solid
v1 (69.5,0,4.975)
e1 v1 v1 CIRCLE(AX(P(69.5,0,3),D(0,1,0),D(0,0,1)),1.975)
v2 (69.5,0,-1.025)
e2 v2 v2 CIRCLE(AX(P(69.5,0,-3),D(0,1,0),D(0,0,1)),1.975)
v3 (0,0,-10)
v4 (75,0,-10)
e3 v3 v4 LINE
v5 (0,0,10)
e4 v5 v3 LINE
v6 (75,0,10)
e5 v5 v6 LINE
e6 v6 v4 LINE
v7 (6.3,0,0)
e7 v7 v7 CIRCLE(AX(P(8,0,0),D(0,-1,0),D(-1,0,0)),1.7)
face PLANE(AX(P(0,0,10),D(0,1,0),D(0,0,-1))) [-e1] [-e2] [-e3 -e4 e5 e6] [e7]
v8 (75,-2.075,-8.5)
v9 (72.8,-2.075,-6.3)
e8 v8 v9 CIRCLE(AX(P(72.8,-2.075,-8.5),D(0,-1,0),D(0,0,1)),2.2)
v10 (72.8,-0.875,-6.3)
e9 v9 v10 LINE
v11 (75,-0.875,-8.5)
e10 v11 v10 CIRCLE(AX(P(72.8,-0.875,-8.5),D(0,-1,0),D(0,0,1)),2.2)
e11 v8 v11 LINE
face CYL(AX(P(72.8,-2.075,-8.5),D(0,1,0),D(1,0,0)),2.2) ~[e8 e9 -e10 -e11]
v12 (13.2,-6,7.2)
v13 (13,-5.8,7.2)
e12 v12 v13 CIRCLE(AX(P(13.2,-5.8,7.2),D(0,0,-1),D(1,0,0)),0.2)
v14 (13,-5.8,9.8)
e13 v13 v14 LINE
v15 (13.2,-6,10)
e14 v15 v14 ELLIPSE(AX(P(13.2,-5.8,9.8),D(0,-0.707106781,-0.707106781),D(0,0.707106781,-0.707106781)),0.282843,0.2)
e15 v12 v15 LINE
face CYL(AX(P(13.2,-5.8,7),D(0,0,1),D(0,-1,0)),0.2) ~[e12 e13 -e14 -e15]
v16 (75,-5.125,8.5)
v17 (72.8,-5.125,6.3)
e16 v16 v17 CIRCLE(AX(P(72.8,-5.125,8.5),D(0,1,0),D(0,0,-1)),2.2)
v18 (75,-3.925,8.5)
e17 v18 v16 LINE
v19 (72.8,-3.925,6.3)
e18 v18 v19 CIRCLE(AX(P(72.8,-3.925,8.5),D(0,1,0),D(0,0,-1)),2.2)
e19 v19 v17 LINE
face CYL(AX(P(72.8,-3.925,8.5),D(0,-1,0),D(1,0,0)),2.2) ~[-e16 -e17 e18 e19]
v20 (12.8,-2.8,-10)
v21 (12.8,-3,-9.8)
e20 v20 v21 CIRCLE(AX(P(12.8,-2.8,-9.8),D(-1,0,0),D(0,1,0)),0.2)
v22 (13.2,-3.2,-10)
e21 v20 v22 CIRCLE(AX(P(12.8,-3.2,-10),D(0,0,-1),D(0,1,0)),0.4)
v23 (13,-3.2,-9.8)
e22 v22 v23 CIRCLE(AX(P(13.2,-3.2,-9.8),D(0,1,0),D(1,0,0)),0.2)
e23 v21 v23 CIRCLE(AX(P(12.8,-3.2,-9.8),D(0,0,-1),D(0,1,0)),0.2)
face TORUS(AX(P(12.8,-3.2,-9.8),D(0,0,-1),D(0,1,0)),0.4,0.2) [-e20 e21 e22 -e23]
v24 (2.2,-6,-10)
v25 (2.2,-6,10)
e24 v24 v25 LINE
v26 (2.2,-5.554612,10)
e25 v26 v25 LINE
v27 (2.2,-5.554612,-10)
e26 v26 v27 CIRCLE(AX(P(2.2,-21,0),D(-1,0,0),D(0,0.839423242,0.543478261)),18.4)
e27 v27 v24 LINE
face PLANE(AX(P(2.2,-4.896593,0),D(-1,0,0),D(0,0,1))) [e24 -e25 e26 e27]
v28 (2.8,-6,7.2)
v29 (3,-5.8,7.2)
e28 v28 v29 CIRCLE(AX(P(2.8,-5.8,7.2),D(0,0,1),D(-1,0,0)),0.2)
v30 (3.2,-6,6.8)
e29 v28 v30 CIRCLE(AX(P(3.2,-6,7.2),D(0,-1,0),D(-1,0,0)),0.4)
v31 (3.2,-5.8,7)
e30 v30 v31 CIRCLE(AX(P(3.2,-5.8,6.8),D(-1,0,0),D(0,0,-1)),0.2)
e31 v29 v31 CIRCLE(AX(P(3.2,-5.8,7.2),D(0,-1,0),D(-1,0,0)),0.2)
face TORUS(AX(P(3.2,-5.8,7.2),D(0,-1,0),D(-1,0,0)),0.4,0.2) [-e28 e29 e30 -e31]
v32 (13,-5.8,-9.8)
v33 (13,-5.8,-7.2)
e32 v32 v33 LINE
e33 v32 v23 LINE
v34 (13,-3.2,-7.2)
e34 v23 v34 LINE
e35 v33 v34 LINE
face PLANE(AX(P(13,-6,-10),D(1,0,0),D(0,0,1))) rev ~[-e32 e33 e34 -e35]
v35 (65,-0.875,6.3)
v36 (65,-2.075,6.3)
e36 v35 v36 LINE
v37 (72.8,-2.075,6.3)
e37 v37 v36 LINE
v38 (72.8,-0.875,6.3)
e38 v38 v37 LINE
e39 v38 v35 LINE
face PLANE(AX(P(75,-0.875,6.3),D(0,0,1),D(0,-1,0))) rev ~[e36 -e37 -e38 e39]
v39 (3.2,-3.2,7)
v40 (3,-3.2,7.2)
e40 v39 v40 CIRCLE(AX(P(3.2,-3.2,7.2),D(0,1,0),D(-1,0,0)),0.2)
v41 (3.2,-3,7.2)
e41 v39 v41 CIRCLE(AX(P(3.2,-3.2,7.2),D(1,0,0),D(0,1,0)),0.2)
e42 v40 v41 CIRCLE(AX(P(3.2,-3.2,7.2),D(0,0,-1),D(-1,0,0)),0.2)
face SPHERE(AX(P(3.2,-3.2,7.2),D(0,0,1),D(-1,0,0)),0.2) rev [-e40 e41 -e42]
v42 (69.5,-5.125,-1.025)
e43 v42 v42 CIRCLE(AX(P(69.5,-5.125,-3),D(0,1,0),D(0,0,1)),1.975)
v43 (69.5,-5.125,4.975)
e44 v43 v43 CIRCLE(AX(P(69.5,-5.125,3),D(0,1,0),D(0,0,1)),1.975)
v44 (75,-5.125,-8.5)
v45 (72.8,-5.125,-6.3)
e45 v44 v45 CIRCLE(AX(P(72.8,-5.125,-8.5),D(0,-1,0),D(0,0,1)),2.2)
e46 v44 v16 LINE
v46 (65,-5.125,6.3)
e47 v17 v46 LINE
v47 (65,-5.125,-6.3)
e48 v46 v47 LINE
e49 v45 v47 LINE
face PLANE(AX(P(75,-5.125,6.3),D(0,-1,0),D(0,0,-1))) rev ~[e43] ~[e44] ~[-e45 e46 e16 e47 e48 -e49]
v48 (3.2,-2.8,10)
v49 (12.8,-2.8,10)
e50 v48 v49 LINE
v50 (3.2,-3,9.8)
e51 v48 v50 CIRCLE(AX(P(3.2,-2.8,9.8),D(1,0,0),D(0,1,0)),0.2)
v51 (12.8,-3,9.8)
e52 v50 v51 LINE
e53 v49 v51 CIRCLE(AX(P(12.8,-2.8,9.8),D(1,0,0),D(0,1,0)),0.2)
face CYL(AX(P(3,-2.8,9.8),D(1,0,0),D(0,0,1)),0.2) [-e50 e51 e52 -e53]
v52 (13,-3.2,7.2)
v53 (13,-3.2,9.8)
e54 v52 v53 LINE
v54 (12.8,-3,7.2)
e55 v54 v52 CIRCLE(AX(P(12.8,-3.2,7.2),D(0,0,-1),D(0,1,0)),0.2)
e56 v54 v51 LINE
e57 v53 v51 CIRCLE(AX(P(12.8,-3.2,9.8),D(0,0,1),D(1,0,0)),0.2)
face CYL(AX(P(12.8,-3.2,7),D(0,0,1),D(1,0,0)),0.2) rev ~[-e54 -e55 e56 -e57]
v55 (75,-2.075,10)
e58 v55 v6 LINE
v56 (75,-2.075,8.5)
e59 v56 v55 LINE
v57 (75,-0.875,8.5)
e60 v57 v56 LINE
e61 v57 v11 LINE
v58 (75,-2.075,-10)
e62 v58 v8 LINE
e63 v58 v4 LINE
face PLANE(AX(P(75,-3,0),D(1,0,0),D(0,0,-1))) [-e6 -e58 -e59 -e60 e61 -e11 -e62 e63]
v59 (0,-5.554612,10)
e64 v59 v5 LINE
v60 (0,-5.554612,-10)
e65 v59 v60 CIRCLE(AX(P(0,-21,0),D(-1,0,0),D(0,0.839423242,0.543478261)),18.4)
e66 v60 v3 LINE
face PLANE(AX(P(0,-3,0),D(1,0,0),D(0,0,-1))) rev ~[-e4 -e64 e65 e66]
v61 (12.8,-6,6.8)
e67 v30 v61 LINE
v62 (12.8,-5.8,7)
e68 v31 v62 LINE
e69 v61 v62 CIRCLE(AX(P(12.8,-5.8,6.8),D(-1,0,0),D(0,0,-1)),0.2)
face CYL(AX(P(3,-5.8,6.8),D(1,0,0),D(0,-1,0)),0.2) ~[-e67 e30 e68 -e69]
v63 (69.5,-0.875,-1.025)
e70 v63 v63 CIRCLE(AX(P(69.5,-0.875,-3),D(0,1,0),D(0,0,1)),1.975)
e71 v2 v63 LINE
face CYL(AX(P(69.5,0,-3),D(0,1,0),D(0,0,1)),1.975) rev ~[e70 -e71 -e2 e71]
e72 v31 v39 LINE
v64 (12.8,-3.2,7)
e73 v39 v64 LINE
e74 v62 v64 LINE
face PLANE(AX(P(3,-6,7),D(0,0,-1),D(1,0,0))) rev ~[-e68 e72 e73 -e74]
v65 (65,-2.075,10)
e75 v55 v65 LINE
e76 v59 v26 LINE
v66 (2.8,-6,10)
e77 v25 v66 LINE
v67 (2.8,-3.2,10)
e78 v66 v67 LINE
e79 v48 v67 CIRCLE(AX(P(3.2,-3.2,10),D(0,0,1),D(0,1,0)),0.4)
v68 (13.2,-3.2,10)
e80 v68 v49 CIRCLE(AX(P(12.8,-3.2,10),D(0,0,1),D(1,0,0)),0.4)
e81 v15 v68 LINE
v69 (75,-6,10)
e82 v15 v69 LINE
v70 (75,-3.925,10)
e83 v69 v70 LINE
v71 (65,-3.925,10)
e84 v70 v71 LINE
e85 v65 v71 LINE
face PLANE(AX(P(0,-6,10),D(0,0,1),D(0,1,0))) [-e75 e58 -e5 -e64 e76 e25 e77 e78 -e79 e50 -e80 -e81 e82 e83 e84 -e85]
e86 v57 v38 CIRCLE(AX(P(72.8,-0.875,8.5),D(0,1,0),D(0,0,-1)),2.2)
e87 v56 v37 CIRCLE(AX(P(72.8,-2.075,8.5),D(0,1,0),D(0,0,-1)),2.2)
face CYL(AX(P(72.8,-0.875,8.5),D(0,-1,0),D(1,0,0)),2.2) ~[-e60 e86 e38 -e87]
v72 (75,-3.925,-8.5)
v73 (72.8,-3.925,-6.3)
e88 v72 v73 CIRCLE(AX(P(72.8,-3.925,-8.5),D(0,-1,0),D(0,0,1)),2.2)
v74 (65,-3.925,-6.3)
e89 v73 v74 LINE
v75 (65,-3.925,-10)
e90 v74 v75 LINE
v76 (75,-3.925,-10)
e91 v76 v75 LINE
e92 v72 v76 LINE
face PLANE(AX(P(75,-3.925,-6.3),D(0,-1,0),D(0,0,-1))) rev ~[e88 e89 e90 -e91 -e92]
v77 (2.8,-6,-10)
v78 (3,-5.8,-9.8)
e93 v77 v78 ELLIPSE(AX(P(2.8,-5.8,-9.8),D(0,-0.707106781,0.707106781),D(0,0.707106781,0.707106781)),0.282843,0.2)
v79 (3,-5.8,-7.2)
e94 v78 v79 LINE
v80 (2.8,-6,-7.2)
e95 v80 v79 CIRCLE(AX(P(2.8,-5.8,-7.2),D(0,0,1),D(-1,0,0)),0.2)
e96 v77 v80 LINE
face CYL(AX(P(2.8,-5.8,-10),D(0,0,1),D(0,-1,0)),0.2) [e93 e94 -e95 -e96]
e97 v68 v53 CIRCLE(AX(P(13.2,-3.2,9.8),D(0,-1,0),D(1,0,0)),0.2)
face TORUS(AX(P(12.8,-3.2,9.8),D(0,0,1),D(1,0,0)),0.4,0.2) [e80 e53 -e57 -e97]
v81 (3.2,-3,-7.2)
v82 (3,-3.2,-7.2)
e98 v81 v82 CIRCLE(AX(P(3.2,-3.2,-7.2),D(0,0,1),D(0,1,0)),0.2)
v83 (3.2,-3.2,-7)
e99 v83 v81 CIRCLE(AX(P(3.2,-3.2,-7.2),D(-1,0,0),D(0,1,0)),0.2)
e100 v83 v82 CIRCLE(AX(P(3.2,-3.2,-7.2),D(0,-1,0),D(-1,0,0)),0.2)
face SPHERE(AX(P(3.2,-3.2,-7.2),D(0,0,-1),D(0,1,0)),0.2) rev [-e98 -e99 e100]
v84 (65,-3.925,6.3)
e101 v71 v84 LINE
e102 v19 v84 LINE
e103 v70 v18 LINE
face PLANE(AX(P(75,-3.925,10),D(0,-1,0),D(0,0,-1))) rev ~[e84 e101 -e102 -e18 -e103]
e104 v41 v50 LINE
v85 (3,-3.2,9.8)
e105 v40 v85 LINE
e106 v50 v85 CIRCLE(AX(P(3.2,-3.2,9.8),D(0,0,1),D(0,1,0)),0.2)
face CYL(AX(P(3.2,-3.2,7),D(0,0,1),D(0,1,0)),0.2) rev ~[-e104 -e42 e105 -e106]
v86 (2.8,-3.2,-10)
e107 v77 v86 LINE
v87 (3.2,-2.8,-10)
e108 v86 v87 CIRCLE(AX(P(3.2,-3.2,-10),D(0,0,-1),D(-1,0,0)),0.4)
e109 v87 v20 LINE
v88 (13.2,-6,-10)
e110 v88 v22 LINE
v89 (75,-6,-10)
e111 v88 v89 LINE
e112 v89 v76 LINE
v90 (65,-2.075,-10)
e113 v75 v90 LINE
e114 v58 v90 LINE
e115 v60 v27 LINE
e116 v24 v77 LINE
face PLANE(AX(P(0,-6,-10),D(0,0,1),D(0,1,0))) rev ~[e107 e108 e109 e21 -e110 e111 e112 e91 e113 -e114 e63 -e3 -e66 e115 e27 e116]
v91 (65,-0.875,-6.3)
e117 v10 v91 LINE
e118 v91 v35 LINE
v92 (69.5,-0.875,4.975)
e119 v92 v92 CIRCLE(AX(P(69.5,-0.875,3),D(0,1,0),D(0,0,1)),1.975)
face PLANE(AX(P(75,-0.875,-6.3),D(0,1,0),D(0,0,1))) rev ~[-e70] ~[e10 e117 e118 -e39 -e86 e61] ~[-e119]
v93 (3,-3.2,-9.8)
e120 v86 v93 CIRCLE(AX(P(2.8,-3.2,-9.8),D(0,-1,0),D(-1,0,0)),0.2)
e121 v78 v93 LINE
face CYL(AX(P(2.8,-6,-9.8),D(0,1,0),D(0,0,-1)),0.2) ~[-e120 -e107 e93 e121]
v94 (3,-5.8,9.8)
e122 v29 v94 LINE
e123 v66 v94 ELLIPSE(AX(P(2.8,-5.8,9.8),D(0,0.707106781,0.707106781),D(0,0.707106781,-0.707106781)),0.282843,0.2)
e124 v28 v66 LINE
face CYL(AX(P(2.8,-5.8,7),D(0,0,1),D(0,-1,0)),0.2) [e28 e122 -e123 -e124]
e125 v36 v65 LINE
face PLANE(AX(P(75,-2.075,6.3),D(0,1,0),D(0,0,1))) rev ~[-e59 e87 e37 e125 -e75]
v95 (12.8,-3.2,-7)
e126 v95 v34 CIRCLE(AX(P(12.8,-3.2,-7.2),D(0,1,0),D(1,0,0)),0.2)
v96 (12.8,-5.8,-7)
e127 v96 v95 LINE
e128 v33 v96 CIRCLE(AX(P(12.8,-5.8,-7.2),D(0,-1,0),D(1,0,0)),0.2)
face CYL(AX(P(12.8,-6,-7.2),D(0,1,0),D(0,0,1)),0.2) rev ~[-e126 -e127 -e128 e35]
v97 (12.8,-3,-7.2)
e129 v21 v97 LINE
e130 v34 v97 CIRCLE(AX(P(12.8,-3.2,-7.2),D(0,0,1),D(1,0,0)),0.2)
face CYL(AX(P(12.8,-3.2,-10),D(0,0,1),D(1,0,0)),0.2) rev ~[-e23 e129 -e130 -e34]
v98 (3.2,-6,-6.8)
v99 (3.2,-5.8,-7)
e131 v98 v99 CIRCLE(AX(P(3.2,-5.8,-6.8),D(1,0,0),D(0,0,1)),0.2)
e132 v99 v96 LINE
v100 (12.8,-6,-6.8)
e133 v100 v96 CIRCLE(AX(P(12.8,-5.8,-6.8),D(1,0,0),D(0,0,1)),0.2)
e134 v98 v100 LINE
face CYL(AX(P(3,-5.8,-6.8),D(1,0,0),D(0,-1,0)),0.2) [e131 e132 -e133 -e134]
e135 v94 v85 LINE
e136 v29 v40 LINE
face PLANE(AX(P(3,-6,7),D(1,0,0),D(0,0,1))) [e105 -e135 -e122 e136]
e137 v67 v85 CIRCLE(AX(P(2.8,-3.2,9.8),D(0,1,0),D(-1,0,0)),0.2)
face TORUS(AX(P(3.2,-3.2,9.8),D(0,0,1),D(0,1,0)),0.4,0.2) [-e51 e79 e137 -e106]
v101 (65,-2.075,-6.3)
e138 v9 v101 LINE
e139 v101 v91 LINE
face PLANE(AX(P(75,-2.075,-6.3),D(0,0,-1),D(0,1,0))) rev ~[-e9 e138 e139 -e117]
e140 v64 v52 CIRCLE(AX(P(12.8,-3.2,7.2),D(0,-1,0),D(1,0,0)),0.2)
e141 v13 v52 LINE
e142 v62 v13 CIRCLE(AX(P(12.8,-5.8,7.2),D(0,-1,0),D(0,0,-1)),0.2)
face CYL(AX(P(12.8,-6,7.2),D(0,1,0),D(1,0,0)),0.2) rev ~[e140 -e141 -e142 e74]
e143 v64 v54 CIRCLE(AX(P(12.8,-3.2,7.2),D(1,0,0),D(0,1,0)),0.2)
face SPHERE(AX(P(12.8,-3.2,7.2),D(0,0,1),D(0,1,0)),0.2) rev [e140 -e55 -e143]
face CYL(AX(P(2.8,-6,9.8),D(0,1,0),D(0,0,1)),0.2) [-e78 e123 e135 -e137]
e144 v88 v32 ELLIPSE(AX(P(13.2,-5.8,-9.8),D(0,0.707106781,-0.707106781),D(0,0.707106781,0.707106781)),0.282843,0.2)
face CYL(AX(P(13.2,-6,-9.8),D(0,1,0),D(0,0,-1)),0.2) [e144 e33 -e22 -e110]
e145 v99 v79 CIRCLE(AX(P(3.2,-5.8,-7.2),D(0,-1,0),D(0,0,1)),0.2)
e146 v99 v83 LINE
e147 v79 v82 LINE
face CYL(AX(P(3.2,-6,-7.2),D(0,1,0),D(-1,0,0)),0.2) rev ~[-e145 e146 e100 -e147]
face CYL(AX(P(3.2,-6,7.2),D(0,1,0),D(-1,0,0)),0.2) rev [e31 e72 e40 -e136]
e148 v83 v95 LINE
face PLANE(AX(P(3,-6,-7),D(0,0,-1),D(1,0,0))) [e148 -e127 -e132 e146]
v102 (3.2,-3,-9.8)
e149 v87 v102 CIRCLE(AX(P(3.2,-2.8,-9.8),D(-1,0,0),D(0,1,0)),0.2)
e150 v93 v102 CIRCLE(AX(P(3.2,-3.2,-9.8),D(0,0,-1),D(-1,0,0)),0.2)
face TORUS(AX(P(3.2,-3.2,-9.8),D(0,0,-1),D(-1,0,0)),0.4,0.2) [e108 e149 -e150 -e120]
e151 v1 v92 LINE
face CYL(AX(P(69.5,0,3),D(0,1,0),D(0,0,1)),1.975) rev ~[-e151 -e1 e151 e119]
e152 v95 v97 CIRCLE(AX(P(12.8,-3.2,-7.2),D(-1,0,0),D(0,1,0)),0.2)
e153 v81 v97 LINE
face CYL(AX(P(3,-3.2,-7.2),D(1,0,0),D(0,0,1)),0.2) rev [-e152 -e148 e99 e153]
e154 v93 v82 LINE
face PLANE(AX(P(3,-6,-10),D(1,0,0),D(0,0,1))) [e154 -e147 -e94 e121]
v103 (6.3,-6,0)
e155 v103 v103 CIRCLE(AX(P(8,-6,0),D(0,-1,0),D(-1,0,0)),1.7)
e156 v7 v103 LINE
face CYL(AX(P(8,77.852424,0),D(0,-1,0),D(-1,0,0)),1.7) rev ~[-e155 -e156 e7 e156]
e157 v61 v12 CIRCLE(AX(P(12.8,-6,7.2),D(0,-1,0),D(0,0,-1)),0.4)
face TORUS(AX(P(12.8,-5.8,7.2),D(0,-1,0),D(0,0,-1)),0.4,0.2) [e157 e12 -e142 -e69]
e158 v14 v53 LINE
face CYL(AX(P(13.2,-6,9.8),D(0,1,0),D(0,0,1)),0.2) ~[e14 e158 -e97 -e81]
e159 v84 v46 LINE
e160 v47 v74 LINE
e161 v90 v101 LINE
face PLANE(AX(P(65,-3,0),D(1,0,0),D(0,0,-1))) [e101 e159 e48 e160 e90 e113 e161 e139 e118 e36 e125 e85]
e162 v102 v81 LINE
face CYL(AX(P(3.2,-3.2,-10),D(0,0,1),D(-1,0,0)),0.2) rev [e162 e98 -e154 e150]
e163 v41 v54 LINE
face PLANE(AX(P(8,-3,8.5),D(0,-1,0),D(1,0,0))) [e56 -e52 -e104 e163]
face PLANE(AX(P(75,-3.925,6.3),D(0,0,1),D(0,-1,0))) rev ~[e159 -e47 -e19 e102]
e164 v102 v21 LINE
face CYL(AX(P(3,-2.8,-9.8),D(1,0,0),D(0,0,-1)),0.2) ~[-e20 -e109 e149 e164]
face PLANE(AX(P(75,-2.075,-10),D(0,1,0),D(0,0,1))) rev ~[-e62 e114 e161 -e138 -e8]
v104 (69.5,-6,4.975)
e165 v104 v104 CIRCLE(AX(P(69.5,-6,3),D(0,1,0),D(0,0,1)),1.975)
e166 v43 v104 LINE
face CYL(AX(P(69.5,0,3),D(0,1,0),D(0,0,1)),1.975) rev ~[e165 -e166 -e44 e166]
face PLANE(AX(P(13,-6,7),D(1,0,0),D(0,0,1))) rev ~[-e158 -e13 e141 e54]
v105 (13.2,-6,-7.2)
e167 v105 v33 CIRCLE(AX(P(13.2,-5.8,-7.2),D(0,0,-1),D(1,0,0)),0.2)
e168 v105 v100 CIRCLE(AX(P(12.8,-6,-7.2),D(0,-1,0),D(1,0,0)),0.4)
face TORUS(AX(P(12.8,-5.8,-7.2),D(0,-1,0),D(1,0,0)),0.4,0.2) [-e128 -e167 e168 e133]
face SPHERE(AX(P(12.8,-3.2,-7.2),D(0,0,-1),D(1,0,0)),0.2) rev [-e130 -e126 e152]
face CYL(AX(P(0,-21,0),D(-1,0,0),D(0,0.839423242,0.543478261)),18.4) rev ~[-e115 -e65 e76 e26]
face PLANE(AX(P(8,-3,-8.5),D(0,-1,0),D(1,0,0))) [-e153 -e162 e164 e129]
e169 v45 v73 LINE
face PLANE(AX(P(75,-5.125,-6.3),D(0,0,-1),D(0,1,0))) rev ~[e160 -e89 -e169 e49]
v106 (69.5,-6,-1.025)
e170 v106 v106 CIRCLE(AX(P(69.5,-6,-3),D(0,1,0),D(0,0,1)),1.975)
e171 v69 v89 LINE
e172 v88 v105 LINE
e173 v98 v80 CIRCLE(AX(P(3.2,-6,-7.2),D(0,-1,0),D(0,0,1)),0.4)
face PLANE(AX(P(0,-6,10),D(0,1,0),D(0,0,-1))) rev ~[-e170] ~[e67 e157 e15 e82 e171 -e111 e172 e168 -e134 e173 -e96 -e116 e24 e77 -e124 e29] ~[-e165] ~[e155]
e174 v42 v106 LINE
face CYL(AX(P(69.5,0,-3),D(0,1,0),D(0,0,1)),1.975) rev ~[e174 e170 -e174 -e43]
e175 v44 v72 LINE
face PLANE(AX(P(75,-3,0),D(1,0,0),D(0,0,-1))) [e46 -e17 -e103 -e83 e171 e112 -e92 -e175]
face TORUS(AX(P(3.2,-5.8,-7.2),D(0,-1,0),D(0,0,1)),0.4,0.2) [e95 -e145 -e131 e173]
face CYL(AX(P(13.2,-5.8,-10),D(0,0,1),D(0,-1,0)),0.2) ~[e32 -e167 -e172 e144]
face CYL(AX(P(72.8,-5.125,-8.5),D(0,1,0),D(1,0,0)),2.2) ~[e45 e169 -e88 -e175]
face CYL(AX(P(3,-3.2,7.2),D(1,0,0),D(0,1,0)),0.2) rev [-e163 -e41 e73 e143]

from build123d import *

# Parameters (mm, degrees)
SKETCH1_W            = 20
SKETCH1_H            = 6
BOSS_EXTRUDE1_DEPTH  = 75
M3_CLEARANCE_HOLE1_D = 3.4
SKETCH4_R            = 1.975
CUT_EXTRUDE1_DEPTH   = 76.901251637
CUT_EXTRUDE2_DEPTH   = 10
SKETCH6_W            = 10
SKETCH6_H            = 3
CUT_EXTRUDE3_DEPTH   = 3
FILLET1_R            = 0.2
FILLET2_R            = 2.2
CUT_EXTRUDE5_DEPTH   = 2.2


with BuildPart() as part:
    # Sketch1 → Boss-Extrude1 (new body)
    with BuildSketch(Plane(origin=(0, 0, 0), x_dir=(0, 0, -1), z_dir=(1, 0, 0))):
        with Locations((0, -3)):
            Rectangle(SKETCH1_W, SKETCH1_H)
    extrude(amount=BOSS_EXTRUDE1_DEPTH)

    # M3 Clearance Hole1 (through all)
    with Locations(Plane(origin=(0, 0, 0), x_dir=(1, 0, 0), z_dir=(0, 1, 0))):
        with Locations((8, 0)):
            Hole(M3_CLEARANCE_HOLE1_D / 2)

    # Sketch4 → Cut-Extrude1 (cut, through all)
    with BuildSketch(Plane(origin=(0, 0, 0), x_dir=(1, 0, 0), z_dir=(0, 1, 0))):
        with Locations(Location((69.5, 3, 0), (0, 0, 270))):
            Circle(SKETCH4_R)
        with Locations(Location((69.5, -3, 0), (0, 0, 270))):
            Circle(SKETCH4_R)
    extrude(amount=-CUT_EXTRUDE1_DEPTH, mode=Mode.SUBTRACT)

    # Sketch5 → Cut-Extrude2 (cut)
    with BuildSketch(Plane(origin=(75, 0, 0), x_dir=(0, 0, -1), z_dir=(1, 0, 0))):
        Polygon((-10, -3.925), (-6.3, -3.925), (-6.3, -5.125), (6.3, -5.125), (6.3, -3.925), (10, -3.925), (10, -2.075), (6.3, -2.075), (6.3, -0.875), (-6.3, -0.875), (-6.3, -2.075), (-10, -2.075), align=None)
    extrude(amount=-CUT_EXTRUDE2_DEPTH, mode=Mode.SUBTRACT)

    # Sketch6 → Cut-Extrude3 (cut)
    with BuildSketch(Plane.XZ.offset(6)):
        with Locations((8, 8.5)):
            Rectangle(SKETCH6_W, SKETCH6_H)
        with Locations((8, -8.5)):
            Rectangle(SKETCH6_W, SKETCH6_H)
    extrude(amount=-CUT_EXTRUDE3_DEPTH, mode=Mode.SUBTRACT)

    # Fillet1
    fillet1_edges = [part.edges().sort_by_distance(p)[0] for p in [
        (3, -3, 8.5),
        (3, -4.5, 7),
        (8, -3, 10),
        (3, -4.5, 10),
        (13, -3, 8.5),
        (13, -4.5, 10),
        (8, -3, 7),
        (13, -4.5, 7),
        (3, -6, 8.5),
        (8, -6, 7),
        (13, -6, 8.5),
        (13, -3, -8.5),
        (13, -4.5, -7),
        (8, -3, -10),
        (13, -4.5, -10),
        (3, -3, -8.5),
        (3, -4.5, -10),
        (8, -3, -7),
        (3, -4.5, -7),
        (13, -6, -8.5),
        (8, -6, -7),
        (3, -6, -8.5),
    ]]
    fillet(fillet1_edges, radius=FILLET1_R)

    # Fillet2
    fillet2_edges = [part.edges().sort_by_distance(p)[0] for p in [
        (75, -1.475, -6.3),
        (75, -1.475, 6.3),
        (75, -4.525, 6.3),
        (75, -4.525, -6.3),
    ]]
    fillet(fillet2_edges, radius=FILLET2_R)

    # Sketch12 → Cut-Extrude5 (cut)
    with BuildSketch(Plane.ZY):
        with BuildLine():
            ThreePointArc((10, -5.554612339), (0, -2.6), (-10, -5.554612339))
            Line((-10, -5.554612339), (-10, -6))
            Line((-10, -6), (10, -6))
            Line((10, -6), (10, -5.554612339))
        make_face()
        with BuildLine():
            Line((-10, -6), (-10, -5.554612339))
            ThreePointArc((-10, -5.554612339), (-8.79090439, -37.164157881), (18.4, -21))
            ThreePointArc((18.4, -21), (16.164157881, -12.20909561), (10, -5.554612339))
            Line((10, -5.554612339), (10, -6))
            Line((10, -6), (-10, -6))
        make_face()
    extrude(amount=-CUT_EXTRUDE5_DEPTH, mode=Mode.SUBTRACT)


solid = part.part
